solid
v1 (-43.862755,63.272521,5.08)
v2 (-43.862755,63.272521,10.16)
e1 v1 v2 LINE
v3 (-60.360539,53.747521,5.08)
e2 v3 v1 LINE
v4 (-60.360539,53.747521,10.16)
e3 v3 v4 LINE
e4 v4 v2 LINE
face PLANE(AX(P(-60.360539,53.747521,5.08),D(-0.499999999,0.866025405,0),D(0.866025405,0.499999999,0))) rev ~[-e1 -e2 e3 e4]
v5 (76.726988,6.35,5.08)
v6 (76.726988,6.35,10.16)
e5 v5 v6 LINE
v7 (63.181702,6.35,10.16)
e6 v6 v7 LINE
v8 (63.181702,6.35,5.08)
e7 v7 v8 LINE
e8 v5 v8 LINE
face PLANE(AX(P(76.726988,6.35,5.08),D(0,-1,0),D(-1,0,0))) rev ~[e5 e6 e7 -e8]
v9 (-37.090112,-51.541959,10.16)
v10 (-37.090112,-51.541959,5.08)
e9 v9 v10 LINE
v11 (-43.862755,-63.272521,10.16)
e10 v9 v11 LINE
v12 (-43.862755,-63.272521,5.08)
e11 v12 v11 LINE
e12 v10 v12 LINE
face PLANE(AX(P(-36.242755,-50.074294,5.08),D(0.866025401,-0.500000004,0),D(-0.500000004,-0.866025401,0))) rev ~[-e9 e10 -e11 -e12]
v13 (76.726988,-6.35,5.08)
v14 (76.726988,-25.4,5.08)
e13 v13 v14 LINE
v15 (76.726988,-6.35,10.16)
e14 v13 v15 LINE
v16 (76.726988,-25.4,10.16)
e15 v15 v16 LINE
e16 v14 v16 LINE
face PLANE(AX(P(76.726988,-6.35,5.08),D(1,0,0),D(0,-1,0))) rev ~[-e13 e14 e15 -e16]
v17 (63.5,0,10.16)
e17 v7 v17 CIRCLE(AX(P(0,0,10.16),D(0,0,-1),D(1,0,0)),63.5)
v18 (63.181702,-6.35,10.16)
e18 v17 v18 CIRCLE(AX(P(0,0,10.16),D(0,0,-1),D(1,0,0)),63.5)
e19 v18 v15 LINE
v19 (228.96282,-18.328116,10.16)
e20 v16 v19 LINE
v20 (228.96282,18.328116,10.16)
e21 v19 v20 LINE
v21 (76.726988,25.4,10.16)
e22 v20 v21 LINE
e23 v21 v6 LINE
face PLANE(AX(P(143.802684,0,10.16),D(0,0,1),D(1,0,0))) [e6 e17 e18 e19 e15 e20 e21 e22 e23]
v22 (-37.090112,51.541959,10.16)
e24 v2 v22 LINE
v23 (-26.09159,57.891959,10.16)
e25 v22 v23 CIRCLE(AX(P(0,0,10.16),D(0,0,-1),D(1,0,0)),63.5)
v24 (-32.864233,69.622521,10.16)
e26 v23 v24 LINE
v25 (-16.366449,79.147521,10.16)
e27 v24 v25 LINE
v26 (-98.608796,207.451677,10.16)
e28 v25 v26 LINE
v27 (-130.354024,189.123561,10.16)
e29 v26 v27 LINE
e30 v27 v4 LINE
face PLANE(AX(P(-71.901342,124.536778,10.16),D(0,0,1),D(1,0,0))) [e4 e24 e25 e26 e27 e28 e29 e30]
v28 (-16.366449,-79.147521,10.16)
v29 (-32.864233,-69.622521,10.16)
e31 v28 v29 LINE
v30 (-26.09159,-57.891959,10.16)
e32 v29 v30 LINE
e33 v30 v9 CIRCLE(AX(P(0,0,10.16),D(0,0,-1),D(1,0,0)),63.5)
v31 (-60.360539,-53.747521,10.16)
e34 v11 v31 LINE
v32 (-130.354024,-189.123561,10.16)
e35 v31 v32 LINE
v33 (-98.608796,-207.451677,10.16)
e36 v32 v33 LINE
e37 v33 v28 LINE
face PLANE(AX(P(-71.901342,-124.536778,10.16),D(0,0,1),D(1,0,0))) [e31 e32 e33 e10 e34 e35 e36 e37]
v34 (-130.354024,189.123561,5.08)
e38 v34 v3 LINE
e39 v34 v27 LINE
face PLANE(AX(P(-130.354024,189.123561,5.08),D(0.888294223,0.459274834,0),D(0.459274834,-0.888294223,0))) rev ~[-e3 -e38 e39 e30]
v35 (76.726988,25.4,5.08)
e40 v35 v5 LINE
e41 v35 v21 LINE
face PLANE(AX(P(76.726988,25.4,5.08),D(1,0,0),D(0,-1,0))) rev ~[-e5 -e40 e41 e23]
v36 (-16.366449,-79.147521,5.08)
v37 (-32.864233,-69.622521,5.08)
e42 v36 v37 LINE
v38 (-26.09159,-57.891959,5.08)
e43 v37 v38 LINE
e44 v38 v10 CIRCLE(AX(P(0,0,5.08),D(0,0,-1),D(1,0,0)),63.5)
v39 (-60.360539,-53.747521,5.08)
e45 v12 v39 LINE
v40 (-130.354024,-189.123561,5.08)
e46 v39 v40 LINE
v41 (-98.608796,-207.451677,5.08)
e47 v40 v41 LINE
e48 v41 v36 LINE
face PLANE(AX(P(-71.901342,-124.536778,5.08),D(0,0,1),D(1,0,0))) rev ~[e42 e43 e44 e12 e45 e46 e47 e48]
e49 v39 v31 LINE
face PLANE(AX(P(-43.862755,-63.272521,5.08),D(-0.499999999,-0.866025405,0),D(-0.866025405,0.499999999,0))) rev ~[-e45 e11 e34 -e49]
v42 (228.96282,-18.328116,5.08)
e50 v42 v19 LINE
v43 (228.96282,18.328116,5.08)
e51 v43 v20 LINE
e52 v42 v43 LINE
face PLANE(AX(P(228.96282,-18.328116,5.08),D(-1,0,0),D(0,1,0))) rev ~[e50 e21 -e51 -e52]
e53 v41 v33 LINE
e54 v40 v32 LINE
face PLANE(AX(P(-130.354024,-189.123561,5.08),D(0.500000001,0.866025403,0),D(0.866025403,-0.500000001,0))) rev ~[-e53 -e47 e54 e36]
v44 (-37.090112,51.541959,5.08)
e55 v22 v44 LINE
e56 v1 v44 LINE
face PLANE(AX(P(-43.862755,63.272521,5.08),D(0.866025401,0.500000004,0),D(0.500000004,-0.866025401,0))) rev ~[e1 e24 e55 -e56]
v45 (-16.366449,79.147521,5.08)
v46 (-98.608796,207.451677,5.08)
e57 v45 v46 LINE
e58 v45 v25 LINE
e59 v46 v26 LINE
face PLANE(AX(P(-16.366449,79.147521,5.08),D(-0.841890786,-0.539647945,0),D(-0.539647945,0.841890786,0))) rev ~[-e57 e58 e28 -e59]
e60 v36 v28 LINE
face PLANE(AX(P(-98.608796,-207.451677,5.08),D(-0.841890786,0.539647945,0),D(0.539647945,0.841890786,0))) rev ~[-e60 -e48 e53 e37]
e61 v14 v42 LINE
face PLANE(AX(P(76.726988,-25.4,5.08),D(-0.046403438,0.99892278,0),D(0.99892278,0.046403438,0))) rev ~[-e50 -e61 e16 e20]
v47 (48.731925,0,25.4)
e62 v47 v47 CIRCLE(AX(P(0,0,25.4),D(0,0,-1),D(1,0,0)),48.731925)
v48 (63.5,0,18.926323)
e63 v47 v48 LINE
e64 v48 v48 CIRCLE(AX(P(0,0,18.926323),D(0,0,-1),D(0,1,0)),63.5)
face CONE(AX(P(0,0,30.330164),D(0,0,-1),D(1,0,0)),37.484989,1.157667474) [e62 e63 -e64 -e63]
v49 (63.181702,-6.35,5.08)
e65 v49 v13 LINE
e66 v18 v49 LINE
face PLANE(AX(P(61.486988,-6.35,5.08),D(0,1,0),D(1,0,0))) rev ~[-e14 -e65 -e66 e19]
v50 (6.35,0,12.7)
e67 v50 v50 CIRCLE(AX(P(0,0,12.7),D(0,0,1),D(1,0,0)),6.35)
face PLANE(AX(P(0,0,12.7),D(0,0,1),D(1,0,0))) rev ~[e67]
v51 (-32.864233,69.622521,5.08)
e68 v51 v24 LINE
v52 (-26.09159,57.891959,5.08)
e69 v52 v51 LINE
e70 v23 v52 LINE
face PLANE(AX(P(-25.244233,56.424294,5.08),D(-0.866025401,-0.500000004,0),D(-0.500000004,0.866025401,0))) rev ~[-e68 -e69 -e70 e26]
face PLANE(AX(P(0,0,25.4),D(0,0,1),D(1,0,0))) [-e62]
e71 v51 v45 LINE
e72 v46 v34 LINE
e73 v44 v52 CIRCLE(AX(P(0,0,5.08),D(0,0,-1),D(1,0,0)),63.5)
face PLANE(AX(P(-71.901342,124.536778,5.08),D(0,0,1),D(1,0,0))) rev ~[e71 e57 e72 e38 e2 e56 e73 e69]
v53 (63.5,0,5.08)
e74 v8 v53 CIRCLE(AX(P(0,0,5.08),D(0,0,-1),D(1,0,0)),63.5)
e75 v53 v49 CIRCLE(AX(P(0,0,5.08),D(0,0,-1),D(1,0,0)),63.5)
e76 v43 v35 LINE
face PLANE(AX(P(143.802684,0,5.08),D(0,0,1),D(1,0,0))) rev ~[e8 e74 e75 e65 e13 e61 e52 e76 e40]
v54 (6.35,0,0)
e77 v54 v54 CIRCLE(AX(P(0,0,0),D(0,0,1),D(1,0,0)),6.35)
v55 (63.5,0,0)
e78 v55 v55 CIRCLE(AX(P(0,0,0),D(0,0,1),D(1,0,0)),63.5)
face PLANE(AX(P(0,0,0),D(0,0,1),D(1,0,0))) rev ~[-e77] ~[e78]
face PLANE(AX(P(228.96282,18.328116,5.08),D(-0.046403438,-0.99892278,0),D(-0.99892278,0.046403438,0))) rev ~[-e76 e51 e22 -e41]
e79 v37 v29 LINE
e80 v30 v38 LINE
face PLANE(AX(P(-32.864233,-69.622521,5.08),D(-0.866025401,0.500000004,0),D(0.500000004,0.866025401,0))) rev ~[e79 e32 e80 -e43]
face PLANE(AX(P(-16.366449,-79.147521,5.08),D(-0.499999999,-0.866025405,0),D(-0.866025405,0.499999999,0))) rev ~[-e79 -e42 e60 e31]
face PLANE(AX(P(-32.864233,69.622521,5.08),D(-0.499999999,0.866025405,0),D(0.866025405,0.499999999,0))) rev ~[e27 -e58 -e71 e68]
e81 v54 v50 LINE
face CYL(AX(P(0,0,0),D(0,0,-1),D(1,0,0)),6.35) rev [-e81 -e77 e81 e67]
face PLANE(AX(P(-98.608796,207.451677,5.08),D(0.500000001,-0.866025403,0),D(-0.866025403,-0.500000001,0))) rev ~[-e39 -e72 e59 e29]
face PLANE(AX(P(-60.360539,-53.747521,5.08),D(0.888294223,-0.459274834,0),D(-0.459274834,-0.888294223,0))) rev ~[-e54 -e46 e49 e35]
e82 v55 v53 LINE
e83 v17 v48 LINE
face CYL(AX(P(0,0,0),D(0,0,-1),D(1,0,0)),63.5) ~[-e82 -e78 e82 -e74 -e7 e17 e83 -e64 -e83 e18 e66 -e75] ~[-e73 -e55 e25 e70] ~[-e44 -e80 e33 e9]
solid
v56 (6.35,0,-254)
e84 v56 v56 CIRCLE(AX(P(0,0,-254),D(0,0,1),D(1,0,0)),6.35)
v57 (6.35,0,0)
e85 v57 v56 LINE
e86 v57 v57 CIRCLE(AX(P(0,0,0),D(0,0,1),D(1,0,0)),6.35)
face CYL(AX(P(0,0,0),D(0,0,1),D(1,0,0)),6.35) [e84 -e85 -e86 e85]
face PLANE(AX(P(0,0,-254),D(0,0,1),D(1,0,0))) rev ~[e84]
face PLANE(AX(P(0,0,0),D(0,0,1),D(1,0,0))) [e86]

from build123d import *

# Parameters (mm, degrees)
F0_R     = 63.5
F1_DEPTH = 25.4
F6_DEPTH = 5.08
F7_R     = 6.35
F8_DEPTH = 254
F9_DEPTH = 12.7


with BuildPart() as f1:
    # F0 (on Top) → F1 (new body)
    with BuildSketch(Plane.XY):
        Circle(F0_R)
    extrude(amount=F1_DEPTH)

    # F2 (on Front) → F3 (revolve, cut)
    with BuildSketch(Plane.XZ):
        Polygon((69.119722, 45.064148), (37.484989, 30.330164), (69.119722, 16.462883), align=None)
    revolve(axis=Axis((0, 0, 8.879215), (0, 0, -1)), mode=Mode.SUBTRACT)

    # F5 (on offset) → F6 (join)
    with BuildSketch(Plane.XY.offset(5.08)):
        Polygon((76.726988, 6.35), (61.486988, 6.35), (61.486988, -6.35), (76.726988, -6.35), (76.726988, -25.4), (228.96282, -18.328116), (228.96282, 18.328116), (76.726988, 25.4), align=None)
        Polygon((-43.862755, 63.272521), (-36.242755, 50.074294), (-25.244233, 56.424294), (-32.864233, 69.622521), (-16.366449, 79.147521), (-98.608796, 207.451677), (-130.354024, 189.123561), (-60.360539, 53.747521), align=None)
        Polygon((-32.864233, -69.622521), (-25.244233, -56.424294), (-36.242755, -50.074294), (-43.862755, -63.272521), (-60.360539, -53.747521), (-130.354024, -189.123561), (-98.608796, -207.451677), (-16.366449, -79.147521), align=None)
    extrude(amount=F6_DEPTH)

    # F7 (on Top) → F9 (cut)
    with BuildSketch(Plane.XY):
        Circle(F7_R)
    extrude(amount=F9_DEPTH, mode=Mode.SUBTRACT)


with BuildPart() as f8:
    # F7 (on Top) → F8 (new body)
    with BuildSketch(Plane.XY):
        Circle(F7_R)
    extrude(amount=-F8_DEPTH)


solid = Compound([f1.part, f8.part])
